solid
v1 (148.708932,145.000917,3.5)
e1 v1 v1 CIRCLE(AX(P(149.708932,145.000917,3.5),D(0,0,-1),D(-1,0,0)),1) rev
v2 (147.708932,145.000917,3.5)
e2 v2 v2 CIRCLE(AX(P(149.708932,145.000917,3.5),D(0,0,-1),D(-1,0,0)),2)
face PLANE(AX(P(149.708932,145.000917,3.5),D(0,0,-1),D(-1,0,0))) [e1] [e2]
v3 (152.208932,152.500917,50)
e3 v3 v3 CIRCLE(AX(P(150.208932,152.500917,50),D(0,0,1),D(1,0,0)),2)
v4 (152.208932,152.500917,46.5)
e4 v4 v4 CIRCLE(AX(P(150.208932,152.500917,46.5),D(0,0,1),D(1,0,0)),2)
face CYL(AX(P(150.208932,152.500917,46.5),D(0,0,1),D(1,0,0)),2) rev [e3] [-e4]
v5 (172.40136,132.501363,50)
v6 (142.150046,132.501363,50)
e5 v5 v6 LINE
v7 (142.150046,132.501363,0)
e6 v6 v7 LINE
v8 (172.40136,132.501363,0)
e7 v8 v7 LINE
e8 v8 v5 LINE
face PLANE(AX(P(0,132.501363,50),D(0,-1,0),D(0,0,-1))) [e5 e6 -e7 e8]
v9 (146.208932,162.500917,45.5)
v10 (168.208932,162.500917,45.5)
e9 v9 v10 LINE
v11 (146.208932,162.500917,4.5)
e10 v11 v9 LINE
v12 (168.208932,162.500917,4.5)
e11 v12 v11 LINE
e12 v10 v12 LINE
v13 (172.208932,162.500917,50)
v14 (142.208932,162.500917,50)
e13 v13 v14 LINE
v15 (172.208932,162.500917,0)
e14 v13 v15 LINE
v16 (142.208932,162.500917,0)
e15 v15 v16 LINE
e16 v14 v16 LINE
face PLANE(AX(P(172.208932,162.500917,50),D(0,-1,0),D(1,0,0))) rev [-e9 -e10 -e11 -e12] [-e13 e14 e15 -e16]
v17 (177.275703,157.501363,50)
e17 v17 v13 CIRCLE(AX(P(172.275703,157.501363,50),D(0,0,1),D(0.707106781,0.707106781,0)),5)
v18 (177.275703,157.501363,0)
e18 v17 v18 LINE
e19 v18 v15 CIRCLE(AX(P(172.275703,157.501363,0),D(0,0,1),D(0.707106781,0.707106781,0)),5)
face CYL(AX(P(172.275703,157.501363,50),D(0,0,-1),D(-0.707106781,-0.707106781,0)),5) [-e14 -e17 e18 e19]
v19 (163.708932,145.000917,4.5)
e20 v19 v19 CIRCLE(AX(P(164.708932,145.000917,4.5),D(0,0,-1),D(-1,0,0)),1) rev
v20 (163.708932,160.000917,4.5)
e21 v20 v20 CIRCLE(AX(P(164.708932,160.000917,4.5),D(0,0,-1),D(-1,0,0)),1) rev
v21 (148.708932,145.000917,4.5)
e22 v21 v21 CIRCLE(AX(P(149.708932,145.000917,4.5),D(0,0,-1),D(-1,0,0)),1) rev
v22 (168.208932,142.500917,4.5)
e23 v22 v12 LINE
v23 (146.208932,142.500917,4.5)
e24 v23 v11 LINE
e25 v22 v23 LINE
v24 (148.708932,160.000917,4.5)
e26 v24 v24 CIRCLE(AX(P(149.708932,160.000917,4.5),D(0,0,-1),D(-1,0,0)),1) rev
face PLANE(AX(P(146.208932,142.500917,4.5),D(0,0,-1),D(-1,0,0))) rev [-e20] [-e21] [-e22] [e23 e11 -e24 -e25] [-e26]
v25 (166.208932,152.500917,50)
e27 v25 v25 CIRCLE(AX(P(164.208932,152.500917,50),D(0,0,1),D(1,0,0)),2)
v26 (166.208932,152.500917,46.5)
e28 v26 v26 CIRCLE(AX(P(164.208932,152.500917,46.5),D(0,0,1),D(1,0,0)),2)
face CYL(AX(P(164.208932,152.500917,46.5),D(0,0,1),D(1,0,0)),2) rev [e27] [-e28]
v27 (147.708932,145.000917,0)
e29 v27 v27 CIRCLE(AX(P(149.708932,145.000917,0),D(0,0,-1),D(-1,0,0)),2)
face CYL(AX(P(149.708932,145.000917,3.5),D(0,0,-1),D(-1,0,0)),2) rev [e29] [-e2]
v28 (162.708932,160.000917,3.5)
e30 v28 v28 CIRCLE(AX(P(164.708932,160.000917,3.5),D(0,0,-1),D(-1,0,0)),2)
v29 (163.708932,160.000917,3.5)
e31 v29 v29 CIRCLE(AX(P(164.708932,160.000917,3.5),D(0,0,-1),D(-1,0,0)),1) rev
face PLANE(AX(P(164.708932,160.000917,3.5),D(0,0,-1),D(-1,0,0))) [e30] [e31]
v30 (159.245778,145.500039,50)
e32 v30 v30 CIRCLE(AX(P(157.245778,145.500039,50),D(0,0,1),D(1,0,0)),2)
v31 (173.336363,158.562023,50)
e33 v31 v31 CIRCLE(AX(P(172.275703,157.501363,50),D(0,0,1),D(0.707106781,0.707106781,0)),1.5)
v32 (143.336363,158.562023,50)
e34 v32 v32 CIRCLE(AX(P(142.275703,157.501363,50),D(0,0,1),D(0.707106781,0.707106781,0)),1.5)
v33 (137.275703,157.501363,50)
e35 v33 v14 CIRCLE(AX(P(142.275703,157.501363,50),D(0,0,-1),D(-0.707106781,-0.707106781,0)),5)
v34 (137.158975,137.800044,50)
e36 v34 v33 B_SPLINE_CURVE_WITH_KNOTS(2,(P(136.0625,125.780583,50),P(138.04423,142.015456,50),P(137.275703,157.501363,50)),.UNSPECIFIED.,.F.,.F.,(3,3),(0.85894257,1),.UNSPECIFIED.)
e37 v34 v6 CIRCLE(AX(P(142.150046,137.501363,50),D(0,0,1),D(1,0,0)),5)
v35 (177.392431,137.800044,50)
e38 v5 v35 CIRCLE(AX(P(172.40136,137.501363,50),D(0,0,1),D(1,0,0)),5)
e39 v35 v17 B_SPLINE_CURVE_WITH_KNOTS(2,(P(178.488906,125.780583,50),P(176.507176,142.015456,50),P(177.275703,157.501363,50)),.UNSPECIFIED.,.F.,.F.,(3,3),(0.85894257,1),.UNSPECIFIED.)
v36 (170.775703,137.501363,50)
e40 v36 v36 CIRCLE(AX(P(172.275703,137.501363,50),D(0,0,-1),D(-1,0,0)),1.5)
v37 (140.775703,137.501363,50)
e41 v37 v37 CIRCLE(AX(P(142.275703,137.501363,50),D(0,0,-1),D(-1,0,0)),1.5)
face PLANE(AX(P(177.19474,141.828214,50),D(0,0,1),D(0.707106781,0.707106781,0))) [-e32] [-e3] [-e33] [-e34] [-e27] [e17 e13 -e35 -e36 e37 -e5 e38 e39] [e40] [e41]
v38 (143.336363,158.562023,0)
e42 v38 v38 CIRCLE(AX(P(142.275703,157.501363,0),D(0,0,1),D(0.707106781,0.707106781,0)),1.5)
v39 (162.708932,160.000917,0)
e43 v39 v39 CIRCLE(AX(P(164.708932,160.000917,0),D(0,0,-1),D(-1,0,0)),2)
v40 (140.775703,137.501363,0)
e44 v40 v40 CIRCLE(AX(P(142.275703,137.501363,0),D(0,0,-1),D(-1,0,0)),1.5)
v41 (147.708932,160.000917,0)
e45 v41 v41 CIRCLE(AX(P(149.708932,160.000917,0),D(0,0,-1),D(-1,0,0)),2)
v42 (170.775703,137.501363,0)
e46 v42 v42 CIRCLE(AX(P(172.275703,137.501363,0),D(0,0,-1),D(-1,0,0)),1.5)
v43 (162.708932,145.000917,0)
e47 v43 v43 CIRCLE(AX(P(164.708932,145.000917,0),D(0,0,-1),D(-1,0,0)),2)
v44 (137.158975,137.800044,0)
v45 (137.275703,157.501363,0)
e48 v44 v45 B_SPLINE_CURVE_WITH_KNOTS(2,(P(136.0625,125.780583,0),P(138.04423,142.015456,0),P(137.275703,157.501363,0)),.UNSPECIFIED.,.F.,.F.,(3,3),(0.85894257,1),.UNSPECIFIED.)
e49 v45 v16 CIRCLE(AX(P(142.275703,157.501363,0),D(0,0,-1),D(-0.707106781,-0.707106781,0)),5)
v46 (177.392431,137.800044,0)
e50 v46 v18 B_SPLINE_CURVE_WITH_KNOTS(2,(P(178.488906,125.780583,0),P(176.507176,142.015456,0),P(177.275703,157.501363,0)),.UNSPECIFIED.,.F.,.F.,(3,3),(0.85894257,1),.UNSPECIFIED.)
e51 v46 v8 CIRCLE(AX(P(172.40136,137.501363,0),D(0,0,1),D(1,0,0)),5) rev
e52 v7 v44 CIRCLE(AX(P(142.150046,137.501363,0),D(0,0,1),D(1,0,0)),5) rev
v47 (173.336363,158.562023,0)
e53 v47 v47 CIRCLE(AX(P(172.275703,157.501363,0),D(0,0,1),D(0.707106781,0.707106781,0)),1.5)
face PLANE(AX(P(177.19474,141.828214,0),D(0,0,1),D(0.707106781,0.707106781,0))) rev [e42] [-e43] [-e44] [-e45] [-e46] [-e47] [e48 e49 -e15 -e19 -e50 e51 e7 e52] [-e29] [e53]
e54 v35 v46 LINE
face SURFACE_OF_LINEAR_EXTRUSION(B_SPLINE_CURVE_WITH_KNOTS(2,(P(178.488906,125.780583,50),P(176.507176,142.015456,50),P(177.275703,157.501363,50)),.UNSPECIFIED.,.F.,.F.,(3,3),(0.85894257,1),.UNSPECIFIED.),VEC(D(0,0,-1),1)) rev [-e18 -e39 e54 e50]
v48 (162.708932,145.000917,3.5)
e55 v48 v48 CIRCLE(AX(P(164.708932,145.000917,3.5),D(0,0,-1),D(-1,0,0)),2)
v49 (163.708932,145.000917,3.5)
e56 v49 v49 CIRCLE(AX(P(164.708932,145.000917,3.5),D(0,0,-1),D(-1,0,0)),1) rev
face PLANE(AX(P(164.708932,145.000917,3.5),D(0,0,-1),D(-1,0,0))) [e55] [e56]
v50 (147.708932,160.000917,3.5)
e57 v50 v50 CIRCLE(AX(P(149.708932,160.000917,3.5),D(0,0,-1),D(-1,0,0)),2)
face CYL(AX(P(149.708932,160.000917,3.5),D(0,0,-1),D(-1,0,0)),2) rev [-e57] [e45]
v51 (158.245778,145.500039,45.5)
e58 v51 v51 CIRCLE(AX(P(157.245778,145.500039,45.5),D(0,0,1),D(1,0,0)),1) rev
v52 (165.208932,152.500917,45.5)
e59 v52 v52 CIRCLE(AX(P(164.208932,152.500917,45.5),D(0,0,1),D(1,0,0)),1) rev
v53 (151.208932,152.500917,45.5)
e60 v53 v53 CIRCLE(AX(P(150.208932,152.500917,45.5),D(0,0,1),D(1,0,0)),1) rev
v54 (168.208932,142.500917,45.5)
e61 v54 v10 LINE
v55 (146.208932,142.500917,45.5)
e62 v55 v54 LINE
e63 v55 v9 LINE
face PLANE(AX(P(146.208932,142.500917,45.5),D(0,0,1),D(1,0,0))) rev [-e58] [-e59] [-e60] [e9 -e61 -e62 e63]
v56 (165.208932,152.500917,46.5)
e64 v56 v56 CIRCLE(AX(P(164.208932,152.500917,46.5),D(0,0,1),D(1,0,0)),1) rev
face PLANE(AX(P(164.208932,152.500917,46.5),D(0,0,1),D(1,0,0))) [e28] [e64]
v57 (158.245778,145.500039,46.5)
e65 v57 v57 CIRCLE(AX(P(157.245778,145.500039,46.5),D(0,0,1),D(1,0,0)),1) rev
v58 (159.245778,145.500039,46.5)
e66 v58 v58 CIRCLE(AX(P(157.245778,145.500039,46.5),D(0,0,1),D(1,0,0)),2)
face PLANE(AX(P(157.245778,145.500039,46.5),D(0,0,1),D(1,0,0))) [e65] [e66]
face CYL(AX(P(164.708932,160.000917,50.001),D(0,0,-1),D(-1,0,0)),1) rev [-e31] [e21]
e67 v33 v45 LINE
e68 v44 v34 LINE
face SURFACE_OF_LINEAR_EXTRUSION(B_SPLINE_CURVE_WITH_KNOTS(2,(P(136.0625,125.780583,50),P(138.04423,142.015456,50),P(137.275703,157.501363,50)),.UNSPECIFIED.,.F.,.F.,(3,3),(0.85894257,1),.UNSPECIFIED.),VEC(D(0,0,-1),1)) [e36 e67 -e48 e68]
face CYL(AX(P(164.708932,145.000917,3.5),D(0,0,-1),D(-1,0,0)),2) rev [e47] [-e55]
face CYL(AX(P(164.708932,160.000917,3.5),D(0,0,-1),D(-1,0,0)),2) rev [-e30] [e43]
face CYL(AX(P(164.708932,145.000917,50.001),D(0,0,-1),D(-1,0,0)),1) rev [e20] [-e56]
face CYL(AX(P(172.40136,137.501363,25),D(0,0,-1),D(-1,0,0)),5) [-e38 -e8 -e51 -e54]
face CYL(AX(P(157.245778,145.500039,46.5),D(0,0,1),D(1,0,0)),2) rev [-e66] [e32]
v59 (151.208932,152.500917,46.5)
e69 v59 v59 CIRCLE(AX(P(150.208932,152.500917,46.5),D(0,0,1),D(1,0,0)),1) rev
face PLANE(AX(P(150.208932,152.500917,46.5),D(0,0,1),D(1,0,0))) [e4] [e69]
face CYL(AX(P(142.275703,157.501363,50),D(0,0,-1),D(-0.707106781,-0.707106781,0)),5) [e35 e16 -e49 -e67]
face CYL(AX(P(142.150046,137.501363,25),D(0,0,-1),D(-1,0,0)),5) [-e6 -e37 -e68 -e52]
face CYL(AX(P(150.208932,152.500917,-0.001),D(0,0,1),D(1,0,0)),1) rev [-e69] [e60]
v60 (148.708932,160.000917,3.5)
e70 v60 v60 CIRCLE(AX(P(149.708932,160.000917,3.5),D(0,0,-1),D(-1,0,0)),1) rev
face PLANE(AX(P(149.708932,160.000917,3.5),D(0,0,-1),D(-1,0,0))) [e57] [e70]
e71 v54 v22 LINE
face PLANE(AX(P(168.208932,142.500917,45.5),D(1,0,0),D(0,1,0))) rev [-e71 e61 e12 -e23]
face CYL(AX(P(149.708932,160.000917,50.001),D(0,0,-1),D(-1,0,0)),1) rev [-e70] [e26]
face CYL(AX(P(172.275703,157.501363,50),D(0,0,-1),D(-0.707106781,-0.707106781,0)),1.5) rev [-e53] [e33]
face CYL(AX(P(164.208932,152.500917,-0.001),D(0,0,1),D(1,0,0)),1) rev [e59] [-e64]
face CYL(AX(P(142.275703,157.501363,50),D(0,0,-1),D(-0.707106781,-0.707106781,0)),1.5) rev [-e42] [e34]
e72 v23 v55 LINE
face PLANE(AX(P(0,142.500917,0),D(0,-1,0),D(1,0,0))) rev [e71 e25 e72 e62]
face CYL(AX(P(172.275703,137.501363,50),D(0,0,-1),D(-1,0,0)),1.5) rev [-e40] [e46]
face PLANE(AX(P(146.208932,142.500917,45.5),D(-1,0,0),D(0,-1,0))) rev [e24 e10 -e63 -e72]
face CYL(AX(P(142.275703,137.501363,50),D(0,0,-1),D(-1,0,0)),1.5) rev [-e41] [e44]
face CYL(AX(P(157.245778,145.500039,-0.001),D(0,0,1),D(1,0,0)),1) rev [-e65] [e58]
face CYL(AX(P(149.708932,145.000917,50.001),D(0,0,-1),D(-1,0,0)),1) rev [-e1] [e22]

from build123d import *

# Parameters (mm, degrees)
SKETCH1_R             = 1.5
BOSS_EXTRUDE2_DEPTH   = 50
BODY_MOVE_COPY1_ANGLE = 45
SKETCH2_W             = 22
SKETCH2_H             = 41
CUT_EXTRUDE1_DEPTH    = 20
CUT_EXTRUDE6_REACH    = 248.506
SKETCH4_R             = 1
SKETCH5_R             = 2
CUT_EXTRUDE7_DEPTH    = 3.5
CUT_EXTRUDE11_REACH   = 248.506
SKETCH7_R             = 1
SKETCH8_R             = 2
CUT_EXTRUDE12_DEPTH   = 3.5
SKETCH9_R             = 1.5
CUT_EXTRUDE13_DEPTH   = 247.505542905
CUT_EXTRUDE14_DEPTH   = 247.505542905
FILLET1_R             = 5


with BuildPart() as part:
    # Sketch1 → Boss-Extrude2 (new body)
    with BuildSketch(Plane.XY):
        with BuildLine():
            Line((182.281997607, 145.957424373), (161.068794171, 167.170627808))
            ThreePointArc((161.068794171, 167.170627808), (157.547403451, 168.588083689), (154.045255639, 167.12372906))
            add(Edge.make_bspline(
                [(130.757413054, 145.551615227), (143.638496584, 155.63010859), (154.045255639, 167.12372906)],
                knots=[0.85894257, 0.85894257, 0.85894257, 1, 1, 1], degree=2))
            Line((130.757413054, 145.551615227), (160.757413054, 115.551615227))
            add(Edge.make_bspline(
                [(160.757413054, 115.551615227), (170.835906417, 128.432698758), (182.329526886, 138.839457812)],
                knots=[0.85894257, 0.85894257, 0.85894257, 1, 1, 1], degree=2))
            ThreePointArc((182.329526886, 138.839457812), (183.793881516, 142.408377812), (182.281997607, 145.957424373))
        make_face()
        with Locations((157.580789545, 163.588195154)):
            Circle(SKETCH1_R, mode=Mode.SUBTRACT)
        with Locations((178.79399298, 142.374991718)):
            Circle(SKETCH1_R, mode=Mode.SUBTRACT)
    extrude(amount=BOSS_EXTRUDE2_DEPTH)


with BuildPart() as part_1:
    # Body-Move/Copy1: moved
    add(part.part.rotate(Axis((157.275703017, 142.069905191, 0), (0, 0, 1)), BODY_MOVE_COPY1_ANGLE))

    # Sketch2 → Cut-Extrude1 (cut)
    with BuildSketch(Plane(origin=(0, 162.500916843, 0), x_dir=(1, 0, 0), z_dir=(0, 1, 0))):
        with Locations((157.208932318, -25)):
            Rectangle(SKETCH2_W, SKETCH2_H)
    extrude(amount=-CUT_EXTRUDE1_DEPTH, mode=Mode.SUBTRACT)

    # Sketch4 → Cut-Extrude6 (cut, up to next)
    with BuildSketch(Plane.XY.offset(50), mode=Mode.PRIVATE) as cut_extrude6_sk1:
        with Locations((150.208932318, 152.500916843)):
            Circle(SKETCH4_R)
    cut_extrude6_tool1 = extrude(cut_extrude6_sk1.sketch, amount=-CUT_EXTRUDE6_REACH, mode=Mode.PRIVATE) & part_1.part
    # Sketch4 → Cut-Extrude6 (cut, up to next)
    with BuildSketch(Plane.XY.offset(50), mode=Mode.PRIVATE) as cut_extrude6_sk2:
        with Locations((164.208932318, 152.500916843)):
            Circle(SKETCH4_R)
    cut_extrude6_tool2 = extrude(cut_extrude6_sk2.sketch, amount=-CUT_EXTRUDE6_REACH, mode=Mode.PRIVATE) & part_1.part
    # Sketch4 → Cut-Extrude6 (cut, up to next)
    with BuildSketch(Plane.XY.offset(50), mode=Mode.PRIVATE) as cut_extrude6_sk3:
        with Locations((157.245778438, 145.500039202)):
            Circle(SKETCH4_R)
    cut_extrude6_tool3 = extrude(cut_extrude6_sk3.sketch, amount=-CUT_EXTRUDE6_REACH, mode=Mode.PRIVATE) & part_1.part
    add(cut_extrude6_tool1.solids().sort_by_distance((150.208932, 152.500917, 50))[0], mode=Mode.SUBTRACT)
    add(cut_extrude6_tool2.solids().sort_by_distance((164.208932, 152.500917, 50))[0], mode=Mode.SUBTRACT)
    add(cut_extrude6_tool3.solids().sort_by_distance((157.245778, 145.500039, 50))[0], mode=Mode.SUBTRACT)

    # Sketch5 → Cut-Extrude7 (cut)
    with BuildSketch(Plane.XY.offset(50)):
        with Locations((150.208932318, 152.500916843)):
            Circle(SKETCH5_R)
        with Locations((164.208932318, 152.500916843)):
            Circle(SKETCH5_R)
        with Locations((157.245778438, 145.500039202)):
            Circle(SKETCH5_R)
    extrude(amount=-CUT_EXTRUDE7_DEPTH, mode=Mode.SUBTRACT)

    # Sketch7 → Cut-Extrude11 (cut, up to next)
    with BuildSketch(Plane(origin=(0, 0, 0), x_dir=(-1, 0, 0), z_dir=(0, 0, -1)), mode=Mode.PRIVATE) as cut_extrude11_sk1:
        with Locations((-149.708932317, 160.000916845)):
            Circle(SKETCH7_R)
    cut_extrude11_tool1 = extrude(cut_extrude11_sk1.sketch, amount=-CUT_EXTRUDE11_REACH, mode=Mode.PRIVATE) & part_1.part
    # Sketch7 → Cut-Extrude11 (cut, up to next)
    with BuildSketch(Plane(origin=(0, 0, 0), x_dir=(-1, 0, 0), z_dir=(0, 0, -1)), mode=Mode.PRIVATE) as cut_extrude11_sk2:
        with Locations((-164.70893232, 160.000916845)):
            Circle(SKETCH7_R)
    cut_extrude11_tool2 = extrude(cut_extrude11_sk2.sketch, amount=-CUT_EXTRUDE11_REACH, mode=Mode.PRIVATE) & part_1.part
    # Sketch7 → Cut-Extrude11 (cut, up to next)
    with BuildSketch(Plane(origin=(0, 0, 0), x_dir=(-1, 0, 0), z_dir=(0, 0, -1)), mode=Mode.PRIVATE) as cut_extrude11_sk3:
        with Locations((-149.708932317, 145.000916842)):
            Circle(SKETCH7_R)
    cut_extrude11_tool3 = extrude(cut_extrude11_sk3.sketch, amount=-CUT_EXTRUDE11_REACH, mode=Mode.PRIVATE) & part_1.part
    # Sketch7 → Cut-Extrude11 (cut, up to next)
    with BuildSketch(Plane(origin=(0, 0, 0), x_dir=(-1, 0, 0), z_dir=(0, 0, -1)), mode=Mode.PRIVATE) as cut_extrude11_sk4:
        with Locations((-164.70893232, 145.000916842)):
            Circle(SKETCH7_R)
    cut_extrude11_tool4 = extrude(cut_extrude11_sk4.sketch, amount=-CUT_EXTRUDE11_REACH, mode=Mode.PRIVATE) & part_1.part
    add(cut_extrude11_tool1.solids().sort_by_distance((149.708932, 160.000917, 0))[0], mode=Mode.SUBTRACT)
    add(cut_extrude11_tool2.solids().sort_by_distance((164.708932, 160.000917, 0))[0], mode=Mode.SUBTRACT)
    add(cut_extrude11_tool3.solids().sort_by_distance((149.708932, 145.000917, 0))[0], mode=Mode.SUBTRACT)
    add(cut_extrude11_tool4.solids().sort_by_distance((164.708932, 145.000917, 0))[0], mode=Mode.SUBTRACT)

    # Sketch8 → Cut-Extrude12 (cut)
    with BuildSketch(Plane(origin=(0, 0, 0), x_dir=(-1, 0, 0), z_dir=(0, 0, -1))):
        with Locations((-164.70893232, 160.000916845)):
            Circle(SKETCH8_R)
        with Locations((-149.708932317, 160.000916845)):
            Circle(SKETCH8_R)
        with Locations((-149.708932317, 145.000916842)):
            Circle(SKETCH8_R)
        with Locations((-164.70893232, 145.000916842)):
            Circle(SKETCH8_R)
    extrude(amount=-CUT_EXTRUDE12_DEPTH, mode=Mode.SUBTRACT)

    # Sketch9 → Cut-Extrude13 (cut, through all)
    with BuildSketch(Plane(origin=(0, 0, 0), x_dir=(-1, 0, 0), z_dir=(0, 0, -1))):
        with Locations((-172.275703017, 137.501362696)):
            Circle(SKETCH9_R)
        with Locations((-142.275703017, 137.501362696)):
            Circle(SKETCH9_R)
    extrude(amount=-CUT_EXTRUDE13_DEPTH, mode=Mode.SUBTRACT)

    # Sketch10 → Cut-Extrude14 (cut, through all)
    with BuildSketch(Plane(origin=(0, 0, 0), x_dir=(-1, 0, 0), z_dir=(0, 0, -1))):
        with BuildLine():
            Line((-136.767866361, 132.501362696), (-177.783539673, 132.501362696))
            add(Edge.make_bspline(
                [(-177.783539673, 132.501362696), (-178.076738818, 129.157172087), (-178.488906453, 125.780583309)],
                knots=[0.970662354, 0.970662354, 0.970662354, 1, 1, 1], degree=2))
            Line((-178.488906453, 125.780583309), (-136.062499581, 125.780583309))
            add(Edge.make_bspline(
                [(-136.062499581, 125.780583309), (-136.474667216, 129.157172087), (-136.767866361, 132.501362696)],
                knots=[0.85894257, 0.85894257, 0.85894257, 0.888280216, 0.888280216, 0.888280216], degree=2))
        make_face()
    extrude(amount=-CUT_EXTRUDE14_DEPTH, mode=Mode.SUBTRACT)

    # Fillet1
    fillet1_edges = [part_1.edges().sort_by_distance(p)[0] for p in [
        (136.767866361, 132.501362696, 25),
        (177.783539673, 132.501362696, 25),
    ]]
    fillet(fillet1_edges, radius=FILLET1_R)


solid = part_1.part
